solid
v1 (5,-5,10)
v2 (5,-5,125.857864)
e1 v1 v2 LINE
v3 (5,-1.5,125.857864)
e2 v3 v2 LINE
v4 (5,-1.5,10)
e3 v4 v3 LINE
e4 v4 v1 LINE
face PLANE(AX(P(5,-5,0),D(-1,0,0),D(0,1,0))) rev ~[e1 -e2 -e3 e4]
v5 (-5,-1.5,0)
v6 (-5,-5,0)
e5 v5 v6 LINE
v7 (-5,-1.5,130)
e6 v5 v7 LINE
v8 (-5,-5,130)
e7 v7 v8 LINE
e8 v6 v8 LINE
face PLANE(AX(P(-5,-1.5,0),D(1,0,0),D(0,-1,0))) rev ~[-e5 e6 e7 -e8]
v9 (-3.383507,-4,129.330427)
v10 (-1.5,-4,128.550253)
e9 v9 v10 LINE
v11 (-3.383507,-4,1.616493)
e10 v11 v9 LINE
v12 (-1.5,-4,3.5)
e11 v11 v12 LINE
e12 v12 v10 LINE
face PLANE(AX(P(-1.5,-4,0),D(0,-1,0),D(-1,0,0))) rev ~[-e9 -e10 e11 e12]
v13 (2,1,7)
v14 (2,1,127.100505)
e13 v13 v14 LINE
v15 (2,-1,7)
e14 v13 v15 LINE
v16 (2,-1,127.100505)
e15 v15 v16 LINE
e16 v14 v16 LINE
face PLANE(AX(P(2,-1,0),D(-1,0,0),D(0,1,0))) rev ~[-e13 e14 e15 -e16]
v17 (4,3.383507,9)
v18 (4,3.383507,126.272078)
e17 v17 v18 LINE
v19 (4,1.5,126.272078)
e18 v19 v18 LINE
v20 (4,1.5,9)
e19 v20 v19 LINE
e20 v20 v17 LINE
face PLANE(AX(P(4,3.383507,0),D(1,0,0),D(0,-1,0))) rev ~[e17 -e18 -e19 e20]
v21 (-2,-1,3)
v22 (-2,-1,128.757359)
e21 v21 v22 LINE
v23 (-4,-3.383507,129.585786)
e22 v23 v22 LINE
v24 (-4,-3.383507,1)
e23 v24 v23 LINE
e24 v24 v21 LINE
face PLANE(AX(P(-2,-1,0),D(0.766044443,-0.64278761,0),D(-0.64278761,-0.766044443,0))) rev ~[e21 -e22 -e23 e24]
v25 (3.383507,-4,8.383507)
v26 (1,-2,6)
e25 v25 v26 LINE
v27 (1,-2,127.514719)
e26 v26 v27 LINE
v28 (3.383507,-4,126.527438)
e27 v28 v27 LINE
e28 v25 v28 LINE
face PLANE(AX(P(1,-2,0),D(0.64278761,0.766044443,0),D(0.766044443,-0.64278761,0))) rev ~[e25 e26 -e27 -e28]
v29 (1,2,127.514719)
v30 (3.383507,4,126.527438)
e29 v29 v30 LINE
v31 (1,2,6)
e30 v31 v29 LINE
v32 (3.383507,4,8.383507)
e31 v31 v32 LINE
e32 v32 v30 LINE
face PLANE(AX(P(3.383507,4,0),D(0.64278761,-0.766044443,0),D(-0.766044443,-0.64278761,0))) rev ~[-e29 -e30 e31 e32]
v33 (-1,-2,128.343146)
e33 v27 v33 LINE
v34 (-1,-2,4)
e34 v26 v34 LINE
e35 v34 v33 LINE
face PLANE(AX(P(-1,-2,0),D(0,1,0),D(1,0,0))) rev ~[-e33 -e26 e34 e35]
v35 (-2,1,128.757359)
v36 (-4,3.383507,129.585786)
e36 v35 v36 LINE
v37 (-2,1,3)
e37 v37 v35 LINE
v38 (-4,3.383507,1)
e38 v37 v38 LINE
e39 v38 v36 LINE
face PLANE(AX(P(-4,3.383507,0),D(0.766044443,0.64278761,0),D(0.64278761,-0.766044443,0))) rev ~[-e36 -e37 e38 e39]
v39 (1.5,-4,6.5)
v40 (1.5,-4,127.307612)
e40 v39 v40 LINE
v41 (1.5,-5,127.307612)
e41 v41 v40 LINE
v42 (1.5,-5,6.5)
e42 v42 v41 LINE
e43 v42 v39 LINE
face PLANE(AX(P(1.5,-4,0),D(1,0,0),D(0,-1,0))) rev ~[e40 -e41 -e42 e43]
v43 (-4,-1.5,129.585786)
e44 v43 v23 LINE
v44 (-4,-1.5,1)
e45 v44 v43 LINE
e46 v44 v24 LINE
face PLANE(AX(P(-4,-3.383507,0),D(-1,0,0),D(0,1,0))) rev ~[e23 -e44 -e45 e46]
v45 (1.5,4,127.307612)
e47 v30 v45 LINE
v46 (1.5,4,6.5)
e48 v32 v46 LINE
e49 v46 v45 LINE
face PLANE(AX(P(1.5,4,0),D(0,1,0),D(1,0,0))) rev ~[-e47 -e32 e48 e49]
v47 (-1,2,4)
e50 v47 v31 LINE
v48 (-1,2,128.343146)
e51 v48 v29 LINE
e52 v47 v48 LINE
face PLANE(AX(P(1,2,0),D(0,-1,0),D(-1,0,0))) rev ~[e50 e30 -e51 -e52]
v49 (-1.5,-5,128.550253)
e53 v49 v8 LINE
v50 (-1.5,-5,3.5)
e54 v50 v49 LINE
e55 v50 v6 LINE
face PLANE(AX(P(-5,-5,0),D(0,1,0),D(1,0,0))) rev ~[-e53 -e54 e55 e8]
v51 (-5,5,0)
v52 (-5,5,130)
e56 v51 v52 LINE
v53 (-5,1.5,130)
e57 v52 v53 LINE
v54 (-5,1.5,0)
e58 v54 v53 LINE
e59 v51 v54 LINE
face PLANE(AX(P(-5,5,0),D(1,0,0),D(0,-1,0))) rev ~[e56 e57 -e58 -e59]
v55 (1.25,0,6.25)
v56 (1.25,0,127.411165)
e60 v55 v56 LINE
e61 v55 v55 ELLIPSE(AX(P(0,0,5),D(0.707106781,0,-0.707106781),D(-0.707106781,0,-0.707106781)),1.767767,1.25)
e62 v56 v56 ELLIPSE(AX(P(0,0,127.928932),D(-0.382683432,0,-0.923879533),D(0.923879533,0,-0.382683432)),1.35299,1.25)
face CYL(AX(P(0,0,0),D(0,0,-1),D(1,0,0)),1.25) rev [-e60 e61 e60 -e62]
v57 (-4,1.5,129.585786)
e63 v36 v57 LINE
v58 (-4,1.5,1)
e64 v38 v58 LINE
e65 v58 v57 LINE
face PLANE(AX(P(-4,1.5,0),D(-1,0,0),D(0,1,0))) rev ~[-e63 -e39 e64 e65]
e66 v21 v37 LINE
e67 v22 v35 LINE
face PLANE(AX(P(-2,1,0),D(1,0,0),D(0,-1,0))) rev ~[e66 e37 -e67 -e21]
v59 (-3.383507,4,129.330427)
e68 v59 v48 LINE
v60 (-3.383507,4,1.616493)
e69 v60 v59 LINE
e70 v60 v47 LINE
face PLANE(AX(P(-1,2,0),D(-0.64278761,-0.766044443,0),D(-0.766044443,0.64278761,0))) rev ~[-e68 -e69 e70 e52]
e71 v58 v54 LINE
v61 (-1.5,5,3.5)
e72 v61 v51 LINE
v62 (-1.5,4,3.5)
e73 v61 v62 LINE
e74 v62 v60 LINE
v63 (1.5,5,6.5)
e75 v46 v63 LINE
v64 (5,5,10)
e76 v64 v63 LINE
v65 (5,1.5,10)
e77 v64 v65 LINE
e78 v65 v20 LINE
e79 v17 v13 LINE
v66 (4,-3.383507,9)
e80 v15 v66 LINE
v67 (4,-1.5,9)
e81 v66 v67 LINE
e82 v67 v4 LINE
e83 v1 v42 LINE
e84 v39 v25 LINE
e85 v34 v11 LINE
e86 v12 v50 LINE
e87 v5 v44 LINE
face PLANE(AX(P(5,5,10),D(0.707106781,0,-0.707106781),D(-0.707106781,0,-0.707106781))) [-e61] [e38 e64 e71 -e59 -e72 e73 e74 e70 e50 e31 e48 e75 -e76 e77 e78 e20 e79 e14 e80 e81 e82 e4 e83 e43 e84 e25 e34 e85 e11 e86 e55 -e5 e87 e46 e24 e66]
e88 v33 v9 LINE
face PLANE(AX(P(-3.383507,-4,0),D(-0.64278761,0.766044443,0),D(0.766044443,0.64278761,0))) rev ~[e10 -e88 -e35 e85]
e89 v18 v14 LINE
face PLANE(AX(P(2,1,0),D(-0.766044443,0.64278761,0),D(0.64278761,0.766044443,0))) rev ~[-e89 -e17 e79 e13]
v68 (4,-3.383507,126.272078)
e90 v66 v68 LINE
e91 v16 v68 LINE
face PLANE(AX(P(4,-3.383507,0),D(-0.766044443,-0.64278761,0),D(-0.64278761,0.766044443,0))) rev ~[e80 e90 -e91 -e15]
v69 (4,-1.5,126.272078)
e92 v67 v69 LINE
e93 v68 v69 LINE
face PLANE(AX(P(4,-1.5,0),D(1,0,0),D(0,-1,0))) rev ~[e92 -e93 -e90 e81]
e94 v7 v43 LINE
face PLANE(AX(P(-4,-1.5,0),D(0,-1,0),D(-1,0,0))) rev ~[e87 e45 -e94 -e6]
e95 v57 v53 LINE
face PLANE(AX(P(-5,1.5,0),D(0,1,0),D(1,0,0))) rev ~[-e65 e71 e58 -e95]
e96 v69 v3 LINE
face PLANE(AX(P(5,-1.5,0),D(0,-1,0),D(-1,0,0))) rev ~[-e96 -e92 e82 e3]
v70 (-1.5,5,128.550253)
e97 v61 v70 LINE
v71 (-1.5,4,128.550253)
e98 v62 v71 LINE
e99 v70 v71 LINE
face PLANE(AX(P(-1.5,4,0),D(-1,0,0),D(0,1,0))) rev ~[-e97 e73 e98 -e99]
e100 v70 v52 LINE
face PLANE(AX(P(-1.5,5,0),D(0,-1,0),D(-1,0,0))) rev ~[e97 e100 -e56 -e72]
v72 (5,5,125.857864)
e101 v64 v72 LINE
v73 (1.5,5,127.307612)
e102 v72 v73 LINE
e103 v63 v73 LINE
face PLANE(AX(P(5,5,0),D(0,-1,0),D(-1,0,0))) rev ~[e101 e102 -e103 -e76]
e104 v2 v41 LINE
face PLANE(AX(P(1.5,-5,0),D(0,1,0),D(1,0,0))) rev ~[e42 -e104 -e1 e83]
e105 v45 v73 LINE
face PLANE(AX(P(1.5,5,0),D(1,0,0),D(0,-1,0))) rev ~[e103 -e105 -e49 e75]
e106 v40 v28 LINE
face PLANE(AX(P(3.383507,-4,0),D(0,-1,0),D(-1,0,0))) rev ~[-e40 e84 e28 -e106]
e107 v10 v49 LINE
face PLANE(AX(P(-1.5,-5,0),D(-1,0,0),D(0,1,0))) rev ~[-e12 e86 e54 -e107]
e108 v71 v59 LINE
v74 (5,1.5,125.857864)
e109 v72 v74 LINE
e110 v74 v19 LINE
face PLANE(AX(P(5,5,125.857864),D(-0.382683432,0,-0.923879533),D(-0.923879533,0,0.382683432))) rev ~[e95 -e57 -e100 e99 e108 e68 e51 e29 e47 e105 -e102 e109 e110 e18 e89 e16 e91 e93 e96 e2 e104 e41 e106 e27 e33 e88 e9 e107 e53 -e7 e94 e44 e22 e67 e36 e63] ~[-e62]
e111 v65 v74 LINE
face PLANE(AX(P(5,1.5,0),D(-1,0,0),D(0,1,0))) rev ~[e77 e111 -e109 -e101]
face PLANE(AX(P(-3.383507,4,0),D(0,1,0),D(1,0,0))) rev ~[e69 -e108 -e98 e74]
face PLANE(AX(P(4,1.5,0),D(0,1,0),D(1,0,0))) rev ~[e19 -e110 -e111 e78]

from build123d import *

# Parameters (mm, degrees)
ESQUISSE2_R             = 1.25
BOSS_EXTRU_1_DEPTH      = 130
ENL_V_MAT_EXTRU_1_DEPTH = 11


with BuildPart() as part:
    # Esquisse2 → Boss.-Extru.1 (new body)
    with BuildSketch(Plane.XY):
        Polygon((-1, -2), (1, -2), (3.383507185, -4), (1.5, -4), (1.5, -5), (5, -5), (5, -1.5), (4, -1.5), (4, -3.383507185), (2, -1), (2, 1), (4, 3.383507185), (4, 1.5), (5, 1.5), (5, 5), (1.5, 5), (1.5, 4), (3.383507185, 4), (1, 2), (-1, 2), (-3.383507185, 4), (-1.5, 4), (-1.5, 5), (-5, 5), (-5, 1.5), (-4, 1.5), (-4, 3.383507185), (-2, 1), (-2, -1), (-4, -3.383507185), (-4, -1.5), (-5, -1.5), (-5, -5), (-1.5, -5), (-1.5, -4), (-3.383507185, -4), align=None)
        Circle(ESQUISSE2_R, mode=Mode.SUBTRACT)
    extrude(amount=BOSS_EXTRU_1_DEPTH)

    # Esquisse3 → Enlèv. mat.-Extru.1 (cut, through all)
    with BuildSketch(Plane(origin=(0, 5, 0), x_dir=(1, 0, 0), z_dir=(0, 1, 0))):
        Polygon((-5, 0), (5, 0), (5, -10), align=None)
        Polygon((5, -125.857864376), (-5, -130), (5, -130), align=None)
    extrude(amount=-ENL_V_MAT_EXTRU_1_DEPTH, mode=Mode.SUBTRACT)


solid = part.part
